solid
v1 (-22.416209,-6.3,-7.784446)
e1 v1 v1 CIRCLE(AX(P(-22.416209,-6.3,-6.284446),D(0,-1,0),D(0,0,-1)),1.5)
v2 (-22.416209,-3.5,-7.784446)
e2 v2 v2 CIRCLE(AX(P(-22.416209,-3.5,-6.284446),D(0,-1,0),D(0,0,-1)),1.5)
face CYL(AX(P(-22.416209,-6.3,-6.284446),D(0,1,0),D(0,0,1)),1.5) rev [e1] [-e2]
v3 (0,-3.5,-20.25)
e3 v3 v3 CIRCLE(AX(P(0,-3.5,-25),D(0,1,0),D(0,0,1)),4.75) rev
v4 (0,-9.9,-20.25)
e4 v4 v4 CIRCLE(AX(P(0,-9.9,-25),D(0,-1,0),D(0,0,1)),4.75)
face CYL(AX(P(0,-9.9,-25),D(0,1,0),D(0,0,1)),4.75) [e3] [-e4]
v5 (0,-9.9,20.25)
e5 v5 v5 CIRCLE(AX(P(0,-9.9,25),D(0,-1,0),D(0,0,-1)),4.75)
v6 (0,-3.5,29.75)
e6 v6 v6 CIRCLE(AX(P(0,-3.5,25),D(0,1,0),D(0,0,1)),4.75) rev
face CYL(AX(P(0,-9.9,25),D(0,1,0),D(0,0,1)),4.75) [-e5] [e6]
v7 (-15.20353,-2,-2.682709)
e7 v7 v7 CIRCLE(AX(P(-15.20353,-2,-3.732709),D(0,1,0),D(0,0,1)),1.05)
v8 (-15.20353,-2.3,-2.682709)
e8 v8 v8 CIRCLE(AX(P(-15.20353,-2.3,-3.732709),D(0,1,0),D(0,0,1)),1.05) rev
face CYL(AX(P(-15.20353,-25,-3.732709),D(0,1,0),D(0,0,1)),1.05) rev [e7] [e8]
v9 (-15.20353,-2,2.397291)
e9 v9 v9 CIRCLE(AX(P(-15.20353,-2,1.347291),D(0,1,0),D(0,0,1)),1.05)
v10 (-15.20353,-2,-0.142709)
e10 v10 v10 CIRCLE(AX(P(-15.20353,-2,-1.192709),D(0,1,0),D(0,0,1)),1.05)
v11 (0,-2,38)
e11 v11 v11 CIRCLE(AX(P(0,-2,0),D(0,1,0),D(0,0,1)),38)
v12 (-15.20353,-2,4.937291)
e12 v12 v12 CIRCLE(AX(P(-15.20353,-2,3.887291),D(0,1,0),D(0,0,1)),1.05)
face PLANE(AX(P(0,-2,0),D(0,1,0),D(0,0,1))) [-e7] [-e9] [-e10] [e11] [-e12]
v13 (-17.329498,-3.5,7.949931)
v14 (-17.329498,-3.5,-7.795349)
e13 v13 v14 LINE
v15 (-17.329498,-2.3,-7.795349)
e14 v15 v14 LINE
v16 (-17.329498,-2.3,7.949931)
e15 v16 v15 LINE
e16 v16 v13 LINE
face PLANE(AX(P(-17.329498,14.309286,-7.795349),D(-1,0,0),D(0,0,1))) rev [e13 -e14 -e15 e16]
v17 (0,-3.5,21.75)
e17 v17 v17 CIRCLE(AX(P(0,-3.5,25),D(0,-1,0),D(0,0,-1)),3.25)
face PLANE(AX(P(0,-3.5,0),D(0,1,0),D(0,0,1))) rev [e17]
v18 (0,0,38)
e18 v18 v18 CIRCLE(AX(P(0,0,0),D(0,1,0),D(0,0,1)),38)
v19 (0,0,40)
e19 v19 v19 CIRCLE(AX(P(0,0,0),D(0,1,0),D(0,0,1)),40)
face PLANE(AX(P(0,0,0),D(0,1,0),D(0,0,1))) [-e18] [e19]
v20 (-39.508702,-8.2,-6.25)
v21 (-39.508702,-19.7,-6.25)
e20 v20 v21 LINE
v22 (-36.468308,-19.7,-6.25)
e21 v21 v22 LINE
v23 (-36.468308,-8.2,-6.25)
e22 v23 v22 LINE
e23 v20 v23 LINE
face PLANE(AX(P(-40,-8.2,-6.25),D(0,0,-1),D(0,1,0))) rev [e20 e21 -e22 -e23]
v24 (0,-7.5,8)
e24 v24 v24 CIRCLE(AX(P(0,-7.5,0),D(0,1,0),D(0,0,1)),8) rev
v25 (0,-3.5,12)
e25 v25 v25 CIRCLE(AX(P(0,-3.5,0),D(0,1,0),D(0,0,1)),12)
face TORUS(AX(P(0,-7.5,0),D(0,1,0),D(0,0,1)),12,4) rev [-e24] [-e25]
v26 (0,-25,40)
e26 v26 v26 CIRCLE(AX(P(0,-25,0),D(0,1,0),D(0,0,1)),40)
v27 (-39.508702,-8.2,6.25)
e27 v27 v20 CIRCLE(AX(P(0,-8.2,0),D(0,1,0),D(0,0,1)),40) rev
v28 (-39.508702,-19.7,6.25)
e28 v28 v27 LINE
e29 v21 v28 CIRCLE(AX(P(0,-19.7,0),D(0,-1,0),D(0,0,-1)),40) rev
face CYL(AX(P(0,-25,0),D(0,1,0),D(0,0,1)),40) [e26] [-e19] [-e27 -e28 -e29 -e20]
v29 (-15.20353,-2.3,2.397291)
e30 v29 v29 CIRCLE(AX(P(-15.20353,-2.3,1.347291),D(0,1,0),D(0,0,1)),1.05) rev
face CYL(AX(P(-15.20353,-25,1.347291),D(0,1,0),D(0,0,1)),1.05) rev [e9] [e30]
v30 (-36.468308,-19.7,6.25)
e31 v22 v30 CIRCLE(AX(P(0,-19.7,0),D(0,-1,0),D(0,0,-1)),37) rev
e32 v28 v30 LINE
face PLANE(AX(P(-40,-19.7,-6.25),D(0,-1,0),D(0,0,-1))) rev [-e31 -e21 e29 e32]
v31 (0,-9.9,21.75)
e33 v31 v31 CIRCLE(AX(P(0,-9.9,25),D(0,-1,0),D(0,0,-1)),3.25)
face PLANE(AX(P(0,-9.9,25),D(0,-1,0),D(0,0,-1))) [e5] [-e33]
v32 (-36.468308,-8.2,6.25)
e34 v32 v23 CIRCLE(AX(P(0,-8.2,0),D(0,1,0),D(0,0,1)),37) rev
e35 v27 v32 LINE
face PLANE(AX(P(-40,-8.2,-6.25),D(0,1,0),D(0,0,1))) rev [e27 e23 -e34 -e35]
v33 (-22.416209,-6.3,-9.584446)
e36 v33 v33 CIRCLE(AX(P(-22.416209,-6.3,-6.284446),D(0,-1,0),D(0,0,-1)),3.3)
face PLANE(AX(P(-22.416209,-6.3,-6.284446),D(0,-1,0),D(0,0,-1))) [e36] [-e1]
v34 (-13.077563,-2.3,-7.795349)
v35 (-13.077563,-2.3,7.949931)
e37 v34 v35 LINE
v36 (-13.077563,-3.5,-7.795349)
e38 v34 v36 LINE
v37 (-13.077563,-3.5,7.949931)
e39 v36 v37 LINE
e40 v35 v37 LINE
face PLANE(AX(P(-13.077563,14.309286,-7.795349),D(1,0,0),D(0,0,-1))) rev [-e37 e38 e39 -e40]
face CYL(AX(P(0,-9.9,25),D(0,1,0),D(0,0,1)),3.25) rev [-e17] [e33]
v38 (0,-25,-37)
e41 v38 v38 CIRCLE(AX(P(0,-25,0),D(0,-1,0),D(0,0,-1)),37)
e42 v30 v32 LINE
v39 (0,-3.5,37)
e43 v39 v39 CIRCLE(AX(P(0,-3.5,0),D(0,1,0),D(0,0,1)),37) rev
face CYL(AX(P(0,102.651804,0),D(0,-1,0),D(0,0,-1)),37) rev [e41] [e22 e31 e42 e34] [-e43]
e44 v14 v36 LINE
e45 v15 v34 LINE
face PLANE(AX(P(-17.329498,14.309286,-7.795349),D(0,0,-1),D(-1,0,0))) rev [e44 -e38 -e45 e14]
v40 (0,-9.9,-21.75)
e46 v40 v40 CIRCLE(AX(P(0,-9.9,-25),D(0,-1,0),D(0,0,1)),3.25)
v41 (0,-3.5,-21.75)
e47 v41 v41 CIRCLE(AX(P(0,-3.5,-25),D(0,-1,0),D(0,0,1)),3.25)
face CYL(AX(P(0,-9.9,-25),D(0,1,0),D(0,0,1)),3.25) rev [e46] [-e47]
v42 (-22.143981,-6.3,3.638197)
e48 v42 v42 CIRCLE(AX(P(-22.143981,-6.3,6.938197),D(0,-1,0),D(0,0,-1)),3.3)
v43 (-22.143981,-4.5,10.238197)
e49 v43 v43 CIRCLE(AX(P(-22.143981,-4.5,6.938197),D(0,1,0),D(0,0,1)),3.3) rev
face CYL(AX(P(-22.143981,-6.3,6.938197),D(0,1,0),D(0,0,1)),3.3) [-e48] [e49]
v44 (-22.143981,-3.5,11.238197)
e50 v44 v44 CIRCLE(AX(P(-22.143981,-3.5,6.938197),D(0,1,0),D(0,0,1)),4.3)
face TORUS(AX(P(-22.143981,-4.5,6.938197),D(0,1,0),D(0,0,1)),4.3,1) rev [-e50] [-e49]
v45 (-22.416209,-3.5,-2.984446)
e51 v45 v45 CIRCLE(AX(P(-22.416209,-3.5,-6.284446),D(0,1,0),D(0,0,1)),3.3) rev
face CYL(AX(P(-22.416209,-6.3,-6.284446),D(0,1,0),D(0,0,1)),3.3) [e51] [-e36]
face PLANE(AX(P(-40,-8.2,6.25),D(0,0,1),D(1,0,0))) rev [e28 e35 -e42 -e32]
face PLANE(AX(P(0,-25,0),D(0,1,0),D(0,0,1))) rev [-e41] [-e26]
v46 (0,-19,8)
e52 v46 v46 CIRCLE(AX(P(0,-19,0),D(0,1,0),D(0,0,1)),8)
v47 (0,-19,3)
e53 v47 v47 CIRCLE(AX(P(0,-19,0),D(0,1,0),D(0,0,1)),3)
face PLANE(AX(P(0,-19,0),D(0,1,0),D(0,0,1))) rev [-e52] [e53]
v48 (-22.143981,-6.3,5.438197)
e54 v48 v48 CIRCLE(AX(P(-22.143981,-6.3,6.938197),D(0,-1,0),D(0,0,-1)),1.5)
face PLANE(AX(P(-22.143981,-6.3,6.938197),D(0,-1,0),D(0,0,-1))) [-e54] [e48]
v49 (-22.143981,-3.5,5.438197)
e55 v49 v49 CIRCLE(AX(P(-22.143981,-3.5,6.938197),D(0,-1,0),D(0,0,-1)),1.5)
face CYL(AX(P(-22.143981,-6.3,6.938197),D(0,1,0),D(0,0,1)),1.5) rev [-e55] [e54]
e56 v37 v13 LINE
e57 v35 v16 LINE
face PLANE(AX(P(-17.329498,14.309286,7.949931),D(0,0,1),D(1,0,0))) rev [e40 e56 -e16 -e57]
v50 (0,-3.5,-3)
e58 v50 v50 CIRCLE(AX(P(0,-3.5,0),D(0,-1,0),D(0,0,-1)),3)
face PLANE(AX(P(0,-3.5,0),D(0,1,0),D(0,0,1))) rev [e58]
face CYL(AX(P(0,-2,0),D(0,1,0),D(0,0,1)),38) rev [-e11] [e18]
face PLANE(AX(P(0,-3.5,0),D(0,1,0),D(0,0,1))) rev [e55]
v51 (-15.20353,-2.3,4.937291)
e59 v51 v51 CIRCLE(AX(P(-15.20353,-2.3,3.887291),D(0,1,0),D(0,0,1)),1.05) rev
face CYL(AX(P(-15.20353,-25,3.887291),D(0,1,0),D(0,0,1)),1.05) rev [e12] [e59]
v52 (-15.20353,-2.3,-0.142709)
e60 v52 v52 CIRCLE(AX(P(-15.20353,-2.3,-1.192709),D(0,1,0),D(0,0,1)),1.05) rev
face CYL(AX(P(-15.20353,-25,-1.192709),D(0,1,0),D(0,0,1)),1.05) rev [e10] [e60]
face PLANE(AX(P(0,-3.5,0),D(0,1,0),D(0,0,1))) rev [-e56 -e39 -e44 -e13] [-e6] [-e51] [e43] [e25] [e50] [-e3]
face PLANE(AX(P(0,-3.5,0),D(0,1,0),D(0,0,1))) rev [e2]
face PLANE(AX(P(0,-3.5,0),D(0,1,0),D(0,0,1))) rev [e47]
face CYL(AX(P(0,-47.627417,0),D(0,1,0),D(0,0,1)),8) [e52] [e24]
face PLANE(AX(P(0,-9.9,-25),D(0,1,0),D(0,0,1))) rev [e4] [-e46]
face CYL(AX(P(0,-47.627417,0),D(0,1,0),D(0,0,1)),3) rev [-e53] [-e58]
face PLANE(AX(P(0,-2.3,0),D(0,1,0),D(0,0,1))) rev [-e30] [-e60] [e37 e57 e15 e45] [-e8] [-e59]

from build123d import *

# Parameters (mm, degrees)
SKETCH1_R           = 40
BOSS_EXTRUDE1_DEPTH = 25
SKETCH2_R           = 38
CUT_EXTRUDE1_DEPTH  = 2
SKETCH3_R           = 37
CUT_EXTRUDE2_DEPTH  = 21.5
SKETCH4_W           = 12.5
SKETCH4_H           = 11.5
CUT_EXTRUDE3_DEPTH  = 41
SKETCH5_R           = 1.05
CUT_EXTRUDE4_DEPTH  = 24
SKETCH6_W           = 4.251934594
SKETCH6_H           = 15.745280186
CUT_EXTRUDE5_DEPTH  = 1.2
SKETCH7_R           = 3.3
SKETCH7_R_2         = 1.5
BOSS_EXTRUDE2_DEPTH = 2.8
FILLET1_R           = 1
SKETCH9_R           = 4.75
SKETCH9_R_2         = 3.25
BOSS_EXTRUDE3_DEPTH = 6.4
SKETCH10_R          = 8
SKETCH10_R_2        = 3
BOSS_EXTRUDE4_DEPTH = 15.5
FILLET3_R           = 4


with BuildPart() as part:
    # Sketch1 → Boss-Extrude1 (new body)
    with BuildSketch(Plane(origin=(0, 0, 0), x_dir=(1, 0, 0), z_dir=(0, 1, 0))):
        with Locations(Location((0, 0, 0), (0, 0, 270))):  # turned: the seam where the file's is
            Circle(SKETCH1_R)
    extrude(amount=-BOSS_EXTRUDE1_DEPTH)

    # Sketch2 → Cut-Extrude1 (cut)
    with BuildSketch(Plane(origin=(0, 0, 0), x_dir=(1, 0, 0), z_dir=(0, 1, 0))):
        with Locations(Location((0, 0, 0), (0, 0, 270))):  # turned: the seam where the file's is
            Circle(SKETCH2_R)
    extrude(amount=-CUT_EXTRUDE1_DEPTH, mode=Mode.SUBTRACT)

    # Sketch3 → Cut-Extrude2 (cut)
    with BuildSketch(Plane.XZ.offset(25)):
        with Locations(Location((0, 0, 0), (0, 0, 270))):  # turned: the seam where the file's is
            Circle(SKETCH3_R)
    extrude(amount=-CUT_EXTRUDE2_DEPTH, mode=Mode.SUBTRACT)

    # Sketch4 → Cut-Extrude3 (cut, through all)
    with BuildSketch(Plane(origin=(0, 0, 0), x_dir=(0, 0, -1), z_dir=(1, 0, 0))):
        with Locations((0, -13.95)):
            Rectangle(SKETCH4_W, SKETCH4_H)
    extrude(amount=-CUT_EXTRUDE3_DEPTH, mode=Mode.SUBTRACT)

    # Sketch5 → Cut-Extrude4 (cut, through all)
    with BuildSketch(Plane(origin=(0, -2, 0), x_dir=(1, 0, 0), z_dir=(0, 1, 0))):
        with Locations(Location((-15.203530433, 3.732709011, 0), (0, 0, 270))):  # turned: the seam where the file's is
            Circle(SKETCH5_R)
        with Locations(Location((-15.203530433, 1.192709011, 0), (0, 0, 270))):  # turned: the seam where the file's is
            Circle(SKETCH5_R)
        with Locations(Location((-15.203530433, -1.347290989, 0), (0, 0, 270))):  # turned: the seam where the file's is
            Circle(SKETCH5_R)
        with Locations(Location((-15.203530433, -3.887290989, 0), (0, 0, 270))):  # turned: the seam where the file's is
            Circle(SKETCH5_R)
    extrude(amount=-CUT_EXTRUDE4_DEPTH, mode=Mode.SUBTRACT)

    # Sketch6 → Cut-Extrude5 (cut)
    with BuildSketch(Plane.XZ.offset(3.5)):
        with Locations((-15.203530433, 0.077290989)):
            Rectangle(SKETCH6_W, SKETCH6_H)
    extrude(amount=-CUT_EXTRUDE5_DEPTH, mode=Mode.SUBTRACT)

    # Sketch7 → Boss-Extrude2 (add)
    with BuildSketch(Plane.XZ.offset(3.5)):
        with Locations(Location((-22.143981065, 6.938197018, 0), (0, 0, 90))):  # turned: the seam where the file's is
            Circle(SKETCH7_R)
        with Locations(Location((-22.143981065, 6.938197018, 0), (0, 0, 270))):  # turned: the seam where the file's is
            Circle(SKETCH7_R_2, mode=Mode.SUBTRACT)
        with Locations(Location((-22.41620863, -6.284446249, 0), (0, 0, 90))):  # turned: the seam where the file's is
            Circle(SKETCH7_R)
        with Locations(Location((-22.41620863, -6.284446249, 0), (0, 0, 270))):  # turned: the seam where the file's is
            Circle(SKETCH7_R_2, mode=Mode.SUBTRACT)
    extrude(amount=BOSS_EXTRUDE2_DEPTH)

    # Fillet1
    fillet1_edges = [part.edges().sort_by_distance(p)[0] for p in [
        (-22.143981065, -3.5, 3.638197018),
    ]]
    fillet(fillet1_edges, radius=FILLET1_R)

    # Sketch9 → Boss-Extrude3 (add)
    with BuildSketch(Plane.XZ.offset(3.5)):
        with Locations(Location((0, 25, 0), (0, 0, 90))):  # turned: the seam where the file's is
            Circle(SKETCH9_R)
        with Locations(Location((0, 25, 0), (0, 0, 270))):  # turned: the seam where the file's is
            Circle(SKETCH9_R_2, mode=Mode.SUBTRACT)
        with Locations(Location((0, -25, 0), (0, 0, 90))):  # turned: the seam where the file's is
            Circle(SKETCH9_R)
        with Locations(Location((0, -25, 0), (0, 0, 90))):  # turned: the seam where the file's is
            Circle(SKETCH9_R_2, mode=Mode.SUBTRACT)
    extrude(amount=BOSS_EXTRUDE3_DEPTH)

    # Sketch10 → Boss-Extrude4 (add)
    with BuildSketch(Plane.XZ.offset(3.5)):
        with Locations(Location((0, 0, 0), (0, 0, 90))):  # turned: the seam where the file's is
            Circle(SKETCH10_R)
        with Locations(Location((0, 0, 0), (0, 0, 90))):  # turned: the seam where the file's is
            Circle(SKETCH10_R_2, mode=Mode.SUBTRACT)
    extrude(amount=BOSS_EXTRUDE4_DEPTH)

    # Fillet3
    fillet3_edges = [part.edges().sort_by_distance(p)[0] for p in [
        (0, -3.5, -8),
    ]]
    fillet(fillet3_edges, radius=FILLET3_R)


solid = part.part
